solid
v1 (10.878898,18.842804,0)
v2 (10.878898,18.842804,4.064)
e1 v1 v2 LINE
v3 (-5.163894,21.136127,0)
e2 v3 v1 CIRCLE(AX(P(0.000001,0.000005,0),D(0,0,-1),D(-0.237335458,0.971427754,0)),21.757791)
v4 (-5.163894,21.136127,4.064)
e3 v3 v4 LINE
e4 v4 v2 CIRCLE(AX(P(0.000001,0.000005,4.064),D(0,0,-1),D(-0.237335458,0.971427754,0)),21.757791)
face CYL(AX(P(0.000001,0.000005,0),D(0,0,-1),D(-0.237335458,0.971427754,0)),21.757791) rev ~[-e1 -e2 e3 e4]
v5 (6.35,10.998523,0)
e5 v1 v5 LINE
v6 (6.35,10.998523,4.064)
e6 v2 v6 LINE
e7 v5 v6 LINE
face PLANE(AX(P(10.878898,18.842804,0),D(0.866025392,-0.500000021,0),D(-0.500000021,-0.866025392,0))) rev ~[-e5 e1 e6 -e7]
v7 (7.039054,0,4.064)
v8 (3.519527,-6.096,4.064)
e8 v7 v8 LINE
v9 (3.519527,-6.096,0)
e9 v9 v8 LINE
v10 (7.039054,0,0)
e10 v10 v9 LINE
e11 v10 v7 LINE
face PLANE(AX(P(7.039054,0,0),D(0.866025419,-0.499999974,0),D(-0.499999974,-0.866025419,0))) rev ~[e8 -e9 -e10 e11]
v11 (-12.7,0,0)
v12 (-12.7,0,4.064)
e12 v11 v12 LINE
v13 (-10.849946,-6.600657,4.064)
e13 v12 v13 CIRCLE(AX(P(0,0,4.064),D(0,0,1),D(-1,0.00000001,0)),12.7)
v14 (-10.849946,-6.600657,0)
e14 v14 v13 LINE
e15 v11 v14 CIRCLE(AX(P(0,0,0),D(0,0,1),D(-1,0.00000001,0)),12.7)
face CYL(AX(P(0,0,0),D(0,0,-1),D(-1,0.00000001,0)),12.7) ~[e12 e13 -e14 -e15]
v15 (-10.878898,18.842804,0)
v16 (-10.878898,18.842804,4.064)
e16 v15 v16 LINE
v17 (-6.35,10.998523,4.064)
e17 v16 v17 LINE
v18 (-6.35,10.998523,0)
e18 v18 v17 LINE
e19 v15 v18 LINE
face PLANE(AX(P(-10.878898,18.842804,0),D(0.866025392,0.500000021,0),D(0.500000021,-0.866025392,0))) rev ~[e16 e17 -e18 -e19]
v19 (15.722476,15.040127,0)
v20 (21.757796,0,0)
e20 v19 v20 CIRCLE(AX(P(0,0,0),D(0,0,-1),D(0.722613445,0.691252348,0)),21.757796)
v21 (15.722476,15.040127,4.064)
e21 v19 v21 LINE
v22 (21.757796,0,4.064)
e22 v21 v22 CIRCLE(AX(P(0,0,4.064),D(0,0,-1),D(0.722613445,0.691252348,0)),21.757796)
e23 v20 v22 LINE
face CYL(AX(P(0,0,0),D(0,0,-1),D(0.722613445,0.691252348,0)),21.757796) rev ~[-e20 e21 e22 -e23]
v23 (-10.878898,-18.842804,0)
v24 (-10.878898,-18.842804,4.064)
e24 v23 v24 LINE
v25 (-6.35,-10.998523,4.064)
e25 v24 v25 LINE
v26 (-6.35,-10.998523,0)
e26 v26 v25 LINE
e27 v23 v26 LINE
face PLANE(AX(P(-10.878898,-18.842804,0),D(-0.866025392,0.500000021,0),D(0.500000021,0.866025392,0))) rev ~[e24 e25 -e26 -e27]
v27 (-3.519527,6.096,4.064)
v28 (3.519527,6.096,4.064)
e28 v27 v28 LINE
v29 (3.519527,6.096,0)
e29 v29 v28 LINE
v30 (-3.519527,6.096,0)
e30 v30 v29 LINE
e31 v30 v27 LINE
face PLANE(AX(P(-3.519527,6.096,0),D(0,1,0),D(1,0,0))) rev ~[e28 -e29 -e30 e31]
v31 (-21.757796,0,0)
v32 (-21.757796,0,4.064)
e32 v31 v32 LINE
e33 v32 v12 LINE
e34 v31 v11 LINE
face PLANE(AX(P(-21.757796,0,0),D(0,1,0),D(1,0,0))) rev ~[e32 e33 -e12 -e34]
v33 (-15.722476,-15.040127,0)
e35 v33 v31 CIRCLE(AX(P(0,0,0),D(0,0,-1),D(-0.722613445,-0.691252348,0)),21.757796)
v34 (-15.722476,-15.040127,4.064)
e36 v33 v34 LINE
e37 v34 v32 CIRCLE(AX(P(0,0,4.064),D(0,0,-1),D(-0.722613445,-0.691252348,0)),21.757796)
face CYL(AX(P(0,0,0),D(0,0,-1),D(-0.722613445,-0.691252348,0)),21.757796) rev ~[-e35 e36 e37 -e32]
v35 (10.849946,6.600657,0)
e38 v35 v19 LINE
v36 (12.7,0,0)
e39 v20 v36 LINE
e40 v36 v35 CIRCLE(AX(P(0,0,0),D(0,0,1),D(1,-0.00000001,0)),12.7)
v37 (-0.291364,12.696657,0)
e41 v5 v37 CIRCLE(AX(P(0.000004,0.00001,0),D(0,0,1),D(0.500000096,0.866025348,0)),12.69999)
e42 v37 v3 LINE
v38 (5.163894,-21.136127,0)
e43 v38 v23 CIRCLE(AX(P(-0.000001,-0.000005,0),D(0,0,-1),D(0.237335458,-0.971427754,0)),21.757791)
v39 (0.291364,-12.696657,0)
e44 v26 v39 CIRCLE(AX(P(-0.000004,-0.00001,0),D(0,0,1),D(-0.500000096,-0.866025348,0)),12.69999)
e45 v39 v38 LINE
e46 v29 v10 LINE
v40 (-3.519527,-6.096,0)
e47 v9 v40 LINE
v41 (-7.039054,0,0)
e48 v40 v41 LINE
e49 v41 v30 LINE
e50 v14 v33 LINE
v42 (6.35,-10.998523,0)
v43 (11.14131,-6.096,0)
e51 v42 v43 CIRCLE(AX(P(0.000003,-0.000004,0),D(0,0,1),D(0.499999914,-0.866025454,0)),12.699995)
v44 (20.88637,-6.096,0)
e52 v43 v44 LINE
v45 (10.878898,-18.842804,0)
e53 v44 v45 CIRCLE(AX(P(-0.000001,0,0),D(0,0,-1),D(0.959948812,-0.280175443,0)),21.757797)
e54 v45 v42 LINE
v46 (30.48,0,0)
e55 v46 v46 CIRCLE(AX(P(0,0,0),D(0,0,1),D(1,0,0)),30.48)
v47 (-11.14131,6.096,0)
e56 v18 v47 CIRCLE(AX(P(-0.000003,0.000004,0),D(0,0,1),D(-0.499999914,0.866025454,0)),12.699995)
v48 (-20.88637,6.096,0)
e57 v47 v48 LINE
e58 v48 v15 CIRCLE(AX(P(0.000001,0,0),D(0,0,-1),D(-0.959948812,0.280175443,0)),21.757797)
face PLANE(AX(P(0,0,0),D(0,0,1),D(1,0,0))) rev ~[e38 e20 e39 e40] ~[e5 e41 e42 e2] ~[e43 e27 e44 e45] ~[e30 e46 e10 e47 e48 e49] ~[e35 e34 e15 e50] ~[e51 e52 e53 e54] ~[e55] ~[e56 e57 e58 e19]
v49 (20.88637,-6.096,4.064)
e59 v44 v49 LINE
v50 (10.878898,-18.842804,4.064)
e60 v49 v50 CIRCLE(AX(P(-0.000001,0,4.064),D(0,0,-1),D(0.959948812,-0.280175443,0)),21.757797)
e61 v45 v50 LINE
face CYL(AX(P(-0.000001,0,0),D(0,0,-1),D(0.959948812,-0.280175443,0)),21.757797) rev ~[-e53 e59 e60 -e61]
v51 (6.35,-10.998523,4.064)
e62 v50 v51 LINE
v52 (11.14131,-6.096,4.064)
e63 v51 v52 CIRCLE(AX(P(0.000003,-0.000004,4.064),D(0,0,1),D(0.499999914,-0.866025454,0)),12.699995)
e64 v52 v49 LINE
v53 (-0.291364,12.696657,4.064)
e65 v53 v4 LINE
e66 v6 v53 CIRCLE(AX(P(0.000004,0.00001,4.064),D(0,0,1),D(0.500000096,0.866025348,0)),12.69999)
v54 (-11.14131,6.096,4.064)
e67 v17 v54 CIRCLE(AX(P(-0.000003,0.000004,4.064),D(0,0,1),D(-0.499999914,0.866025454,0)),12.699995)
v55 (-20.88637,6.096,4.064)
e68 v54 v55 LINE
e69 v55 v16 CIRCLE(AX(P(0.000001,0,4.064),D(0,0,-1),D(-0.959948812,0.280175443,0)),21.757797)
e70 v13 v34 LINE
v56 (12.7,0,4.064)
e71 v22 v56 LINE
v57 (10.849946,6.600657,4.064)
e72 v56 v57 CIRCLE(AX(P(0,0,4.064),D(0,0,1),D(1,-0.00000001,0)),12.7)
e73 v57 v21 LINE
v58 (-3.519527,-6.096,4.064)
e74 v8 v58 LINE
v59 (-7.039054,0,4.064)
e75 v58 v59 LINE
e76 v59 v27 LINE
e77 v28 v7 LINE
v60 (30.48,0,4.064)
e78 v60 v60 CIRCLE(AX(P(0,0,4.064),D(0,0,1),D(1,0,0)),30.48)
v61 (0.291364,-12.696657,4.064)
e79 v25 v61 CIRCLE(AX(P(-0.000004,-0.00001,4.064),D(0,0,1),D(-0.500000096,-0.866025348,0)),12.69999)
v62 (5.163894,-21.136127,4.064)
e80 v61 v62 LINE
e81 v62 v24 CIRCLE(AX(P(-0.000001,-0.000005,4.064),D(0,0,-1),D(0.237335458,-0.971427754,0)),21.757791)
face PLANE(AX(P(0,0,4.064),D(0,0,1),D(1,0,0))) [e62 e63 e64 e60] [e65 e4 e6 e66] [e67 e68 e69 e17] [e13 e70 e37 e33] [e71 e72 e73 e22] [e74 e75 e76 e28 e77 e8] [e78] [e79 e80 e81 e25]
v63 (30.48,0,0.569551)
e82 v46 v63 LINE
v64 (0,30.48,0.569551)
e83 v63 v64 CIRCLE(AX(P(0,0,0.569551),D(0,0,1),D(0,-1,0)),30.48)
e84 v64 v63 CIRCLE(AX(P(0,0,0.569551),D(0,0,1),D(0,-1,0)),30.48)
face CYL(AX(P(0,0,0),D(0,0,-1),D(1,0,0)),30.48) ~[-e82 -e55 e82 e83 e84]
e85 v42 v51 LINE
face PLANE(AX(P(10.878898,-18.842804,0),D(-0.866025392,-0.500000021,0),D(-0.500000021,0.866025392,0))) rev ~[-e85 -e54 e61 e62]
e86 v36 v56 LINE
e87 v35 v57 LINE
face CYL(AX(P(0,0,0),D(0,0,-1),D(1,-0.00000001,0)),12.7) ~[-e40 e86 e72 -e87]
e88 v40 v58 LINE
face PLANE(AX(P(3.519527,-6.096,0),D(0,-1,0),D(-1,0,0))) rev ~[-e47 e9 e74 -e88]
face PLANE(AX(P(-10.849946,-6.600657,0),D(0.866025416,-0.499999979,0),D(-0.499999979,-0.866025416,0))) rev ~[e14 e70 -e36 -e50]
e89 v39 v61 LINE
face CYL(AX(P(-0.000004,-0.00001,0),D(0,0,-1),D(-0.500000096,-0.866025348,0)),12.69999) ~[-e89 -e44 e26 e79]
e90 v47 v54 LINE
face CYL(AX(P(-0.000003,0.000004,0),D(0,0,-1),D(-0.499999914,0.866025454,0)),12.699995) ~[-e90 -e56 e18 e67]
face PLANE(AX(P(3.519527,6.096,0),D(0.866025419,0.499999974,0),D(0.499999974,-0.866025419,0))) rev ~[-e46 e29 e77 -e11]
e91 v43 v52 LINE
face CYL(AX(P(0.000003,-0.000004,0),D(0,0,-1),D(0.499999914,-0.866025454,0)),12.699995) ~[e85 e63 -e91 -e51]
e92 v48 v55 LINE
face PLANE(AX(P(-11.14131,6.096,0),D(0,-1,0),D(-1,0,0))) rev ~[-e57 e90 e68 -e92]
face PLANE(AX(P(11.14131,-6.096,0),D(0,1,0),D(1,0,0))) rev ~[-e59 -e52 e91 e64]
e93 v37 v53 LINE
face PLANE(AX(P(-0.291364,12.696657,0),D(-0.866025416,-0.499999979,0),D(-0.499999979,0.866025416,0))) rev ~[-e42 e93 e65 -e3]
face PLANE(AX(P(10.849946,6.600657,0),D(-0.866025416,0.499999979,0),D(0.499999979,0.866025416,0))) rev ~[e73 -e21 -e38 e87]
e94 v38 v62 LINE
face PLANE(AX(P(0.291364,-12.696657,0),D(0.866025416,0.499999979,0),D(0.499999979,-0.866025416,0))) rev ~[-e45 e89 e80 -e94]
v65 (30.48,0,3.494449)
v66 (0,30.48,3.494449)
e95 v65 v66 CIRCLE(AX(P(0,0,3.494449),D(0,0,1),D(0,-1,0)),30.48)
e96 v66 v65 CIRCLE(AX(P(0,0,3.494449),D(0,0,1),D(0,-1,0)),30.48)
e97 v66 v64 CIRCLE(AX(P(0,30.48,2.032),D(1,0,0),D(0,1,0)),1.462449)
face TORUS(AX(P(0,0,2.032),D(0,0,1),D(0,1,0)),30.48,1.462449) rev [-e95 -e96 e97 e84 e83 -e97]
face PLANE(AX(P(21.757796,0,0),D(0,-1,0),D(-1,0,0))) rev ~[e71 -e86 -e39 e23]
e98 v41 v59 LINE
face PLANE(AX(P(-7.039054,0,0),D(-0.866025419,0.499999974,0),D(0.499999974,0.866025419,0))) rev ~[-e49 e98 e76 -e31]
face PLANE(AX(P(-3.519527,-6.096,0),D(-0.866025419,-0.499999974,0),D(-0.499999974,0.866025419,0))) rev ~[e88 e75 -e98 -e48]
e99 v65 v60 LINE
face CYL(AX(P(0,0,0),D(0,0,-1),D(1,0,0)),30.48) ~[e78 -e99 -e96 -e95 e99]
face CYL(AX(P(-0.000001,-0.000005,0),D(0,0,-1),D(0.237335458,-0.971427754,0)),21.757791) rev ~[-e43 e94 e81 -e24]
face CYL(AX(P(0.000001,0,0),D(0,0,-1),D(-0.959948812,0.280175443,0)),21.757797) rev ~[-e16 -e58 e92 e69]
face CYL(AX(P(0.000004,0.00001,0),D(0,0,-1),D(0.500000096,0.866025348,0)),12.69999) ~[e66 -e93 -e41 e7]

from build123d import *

# Parameters (mm, degrees)
F0_R     = 30.48
F1_DEPTH = 4.064
F2_R     = 1.462449


with BuildPart() as f1:
    # F0 (on Top) → F1 (new body)
    with BuildSketch(Plane.XY):
        Circle(F0_R)
        with BuildLine():
            ThreePointArc((-6.35, -10.998523), (-3.146058, -12.304159), (0.291364, -12.696657))
            Line((0.291364, -12.696657), (5.163894, -21.136127))
            ThreePointArc((5.163894, -21.136127), (-3.078985, -21.538838), (-10.878898, -18.842804))
            Line((-10.878898, -18.842804), (-6.35, -10.998523))
        make_face(mode=Mode.SUBTRACT)
        with BuildLine():
            Line((-21.757796, 0), (-12.7, 0))
            ThreePointArc((-12.7, 0), (-12.228743, -3.427513), (-10.849946, -6.600657))
            Line((-10.849946, -6.600657), (-15.722476, -15.040127))
            ThreePointArc((-15.722476, -15.040127), (-20.192673, -8.10294), (-21.757796, 0))
        make_face(mode=Mode.SUBTRACT)
        with BuildLine():
            Line((10.878898, -18.842804), (6.35, -10.998523))
            ThreePointArc((6.35, -10.998523), (9.082685, -8.876646), (11.14131, -6.096))
            Line((11.14131, -6.096), (20.88637, -6.096))
            ThreePointArc((20.88637, -6.096), (17.113688, -13.435898), (10.878898, -18.842804))
        make_face(mode=Mode.SUBTRACT)
        with BuildLine():
            ThreePointArc((-6.35, 10.998523), (-9.082685, 8.876646), (-11.14131, 6.096))
            Line((-11.14131, 6.096), (-20.88637, 6.096))
            ThreePointArc((-20.88637, 6.096), (-17.113688, 13.435898), (-10.878898, 18.842804))
            Line((-10.878898, 18.842804), (-6.35, 10.998523))
        make_face(mode=Mode.SUBTRACT)
        Polygon((7.039054, 0), (3.519527, -6.096), (-3.519527, -6.096), (-7.039054, 0), (-3.519527, 6.096), (3.519527, 6.096), align=None, mode=Mode.SUBTRACT)
        with BuildLine():
            ThreePointArc((12.7, 0), (12.228743, 3.427513), (10.849946, 6.600657))
            Line((10.849946, 6.600657), (15.722476, 15.040127))
            ThreePointArc((15.722476, 15.040127), (20.192673, 8.10294), (21.757796, 0))
            Line((21.757796, 0), (12.7, 0))
        make_face(mode=Mode.SUBTRACT)
        with BuildLine():
            Line((10.878898, 18.842804), (6.35, 10.998523))
            ThreePointArc((6.35, 10.998523), (3.146058, 12.304159), (-0.291364, 12.696657))
            Line((-0.291364, 12.696657), (-5.163894, 21.136127))
            ThreePointArc((-5.163894, 21.136127), (3.078985, 21.538838), (10.878898, 18.842804))
        make_face(mode=Mode.SUBTRACT)
    extrude(amount=F1_DEPTH)

    # F2 (on Right) → F3 (revolve, cut)
    with BuildSketch(Plane.YZ):
        with Locations((30.48, 2.032)):
            Circle(F2_R)
    revolve(axis=Axis((0, 0, 0), (0, 0, -1)), mode=Mode.SUBTRACT)


solid = f1.part
